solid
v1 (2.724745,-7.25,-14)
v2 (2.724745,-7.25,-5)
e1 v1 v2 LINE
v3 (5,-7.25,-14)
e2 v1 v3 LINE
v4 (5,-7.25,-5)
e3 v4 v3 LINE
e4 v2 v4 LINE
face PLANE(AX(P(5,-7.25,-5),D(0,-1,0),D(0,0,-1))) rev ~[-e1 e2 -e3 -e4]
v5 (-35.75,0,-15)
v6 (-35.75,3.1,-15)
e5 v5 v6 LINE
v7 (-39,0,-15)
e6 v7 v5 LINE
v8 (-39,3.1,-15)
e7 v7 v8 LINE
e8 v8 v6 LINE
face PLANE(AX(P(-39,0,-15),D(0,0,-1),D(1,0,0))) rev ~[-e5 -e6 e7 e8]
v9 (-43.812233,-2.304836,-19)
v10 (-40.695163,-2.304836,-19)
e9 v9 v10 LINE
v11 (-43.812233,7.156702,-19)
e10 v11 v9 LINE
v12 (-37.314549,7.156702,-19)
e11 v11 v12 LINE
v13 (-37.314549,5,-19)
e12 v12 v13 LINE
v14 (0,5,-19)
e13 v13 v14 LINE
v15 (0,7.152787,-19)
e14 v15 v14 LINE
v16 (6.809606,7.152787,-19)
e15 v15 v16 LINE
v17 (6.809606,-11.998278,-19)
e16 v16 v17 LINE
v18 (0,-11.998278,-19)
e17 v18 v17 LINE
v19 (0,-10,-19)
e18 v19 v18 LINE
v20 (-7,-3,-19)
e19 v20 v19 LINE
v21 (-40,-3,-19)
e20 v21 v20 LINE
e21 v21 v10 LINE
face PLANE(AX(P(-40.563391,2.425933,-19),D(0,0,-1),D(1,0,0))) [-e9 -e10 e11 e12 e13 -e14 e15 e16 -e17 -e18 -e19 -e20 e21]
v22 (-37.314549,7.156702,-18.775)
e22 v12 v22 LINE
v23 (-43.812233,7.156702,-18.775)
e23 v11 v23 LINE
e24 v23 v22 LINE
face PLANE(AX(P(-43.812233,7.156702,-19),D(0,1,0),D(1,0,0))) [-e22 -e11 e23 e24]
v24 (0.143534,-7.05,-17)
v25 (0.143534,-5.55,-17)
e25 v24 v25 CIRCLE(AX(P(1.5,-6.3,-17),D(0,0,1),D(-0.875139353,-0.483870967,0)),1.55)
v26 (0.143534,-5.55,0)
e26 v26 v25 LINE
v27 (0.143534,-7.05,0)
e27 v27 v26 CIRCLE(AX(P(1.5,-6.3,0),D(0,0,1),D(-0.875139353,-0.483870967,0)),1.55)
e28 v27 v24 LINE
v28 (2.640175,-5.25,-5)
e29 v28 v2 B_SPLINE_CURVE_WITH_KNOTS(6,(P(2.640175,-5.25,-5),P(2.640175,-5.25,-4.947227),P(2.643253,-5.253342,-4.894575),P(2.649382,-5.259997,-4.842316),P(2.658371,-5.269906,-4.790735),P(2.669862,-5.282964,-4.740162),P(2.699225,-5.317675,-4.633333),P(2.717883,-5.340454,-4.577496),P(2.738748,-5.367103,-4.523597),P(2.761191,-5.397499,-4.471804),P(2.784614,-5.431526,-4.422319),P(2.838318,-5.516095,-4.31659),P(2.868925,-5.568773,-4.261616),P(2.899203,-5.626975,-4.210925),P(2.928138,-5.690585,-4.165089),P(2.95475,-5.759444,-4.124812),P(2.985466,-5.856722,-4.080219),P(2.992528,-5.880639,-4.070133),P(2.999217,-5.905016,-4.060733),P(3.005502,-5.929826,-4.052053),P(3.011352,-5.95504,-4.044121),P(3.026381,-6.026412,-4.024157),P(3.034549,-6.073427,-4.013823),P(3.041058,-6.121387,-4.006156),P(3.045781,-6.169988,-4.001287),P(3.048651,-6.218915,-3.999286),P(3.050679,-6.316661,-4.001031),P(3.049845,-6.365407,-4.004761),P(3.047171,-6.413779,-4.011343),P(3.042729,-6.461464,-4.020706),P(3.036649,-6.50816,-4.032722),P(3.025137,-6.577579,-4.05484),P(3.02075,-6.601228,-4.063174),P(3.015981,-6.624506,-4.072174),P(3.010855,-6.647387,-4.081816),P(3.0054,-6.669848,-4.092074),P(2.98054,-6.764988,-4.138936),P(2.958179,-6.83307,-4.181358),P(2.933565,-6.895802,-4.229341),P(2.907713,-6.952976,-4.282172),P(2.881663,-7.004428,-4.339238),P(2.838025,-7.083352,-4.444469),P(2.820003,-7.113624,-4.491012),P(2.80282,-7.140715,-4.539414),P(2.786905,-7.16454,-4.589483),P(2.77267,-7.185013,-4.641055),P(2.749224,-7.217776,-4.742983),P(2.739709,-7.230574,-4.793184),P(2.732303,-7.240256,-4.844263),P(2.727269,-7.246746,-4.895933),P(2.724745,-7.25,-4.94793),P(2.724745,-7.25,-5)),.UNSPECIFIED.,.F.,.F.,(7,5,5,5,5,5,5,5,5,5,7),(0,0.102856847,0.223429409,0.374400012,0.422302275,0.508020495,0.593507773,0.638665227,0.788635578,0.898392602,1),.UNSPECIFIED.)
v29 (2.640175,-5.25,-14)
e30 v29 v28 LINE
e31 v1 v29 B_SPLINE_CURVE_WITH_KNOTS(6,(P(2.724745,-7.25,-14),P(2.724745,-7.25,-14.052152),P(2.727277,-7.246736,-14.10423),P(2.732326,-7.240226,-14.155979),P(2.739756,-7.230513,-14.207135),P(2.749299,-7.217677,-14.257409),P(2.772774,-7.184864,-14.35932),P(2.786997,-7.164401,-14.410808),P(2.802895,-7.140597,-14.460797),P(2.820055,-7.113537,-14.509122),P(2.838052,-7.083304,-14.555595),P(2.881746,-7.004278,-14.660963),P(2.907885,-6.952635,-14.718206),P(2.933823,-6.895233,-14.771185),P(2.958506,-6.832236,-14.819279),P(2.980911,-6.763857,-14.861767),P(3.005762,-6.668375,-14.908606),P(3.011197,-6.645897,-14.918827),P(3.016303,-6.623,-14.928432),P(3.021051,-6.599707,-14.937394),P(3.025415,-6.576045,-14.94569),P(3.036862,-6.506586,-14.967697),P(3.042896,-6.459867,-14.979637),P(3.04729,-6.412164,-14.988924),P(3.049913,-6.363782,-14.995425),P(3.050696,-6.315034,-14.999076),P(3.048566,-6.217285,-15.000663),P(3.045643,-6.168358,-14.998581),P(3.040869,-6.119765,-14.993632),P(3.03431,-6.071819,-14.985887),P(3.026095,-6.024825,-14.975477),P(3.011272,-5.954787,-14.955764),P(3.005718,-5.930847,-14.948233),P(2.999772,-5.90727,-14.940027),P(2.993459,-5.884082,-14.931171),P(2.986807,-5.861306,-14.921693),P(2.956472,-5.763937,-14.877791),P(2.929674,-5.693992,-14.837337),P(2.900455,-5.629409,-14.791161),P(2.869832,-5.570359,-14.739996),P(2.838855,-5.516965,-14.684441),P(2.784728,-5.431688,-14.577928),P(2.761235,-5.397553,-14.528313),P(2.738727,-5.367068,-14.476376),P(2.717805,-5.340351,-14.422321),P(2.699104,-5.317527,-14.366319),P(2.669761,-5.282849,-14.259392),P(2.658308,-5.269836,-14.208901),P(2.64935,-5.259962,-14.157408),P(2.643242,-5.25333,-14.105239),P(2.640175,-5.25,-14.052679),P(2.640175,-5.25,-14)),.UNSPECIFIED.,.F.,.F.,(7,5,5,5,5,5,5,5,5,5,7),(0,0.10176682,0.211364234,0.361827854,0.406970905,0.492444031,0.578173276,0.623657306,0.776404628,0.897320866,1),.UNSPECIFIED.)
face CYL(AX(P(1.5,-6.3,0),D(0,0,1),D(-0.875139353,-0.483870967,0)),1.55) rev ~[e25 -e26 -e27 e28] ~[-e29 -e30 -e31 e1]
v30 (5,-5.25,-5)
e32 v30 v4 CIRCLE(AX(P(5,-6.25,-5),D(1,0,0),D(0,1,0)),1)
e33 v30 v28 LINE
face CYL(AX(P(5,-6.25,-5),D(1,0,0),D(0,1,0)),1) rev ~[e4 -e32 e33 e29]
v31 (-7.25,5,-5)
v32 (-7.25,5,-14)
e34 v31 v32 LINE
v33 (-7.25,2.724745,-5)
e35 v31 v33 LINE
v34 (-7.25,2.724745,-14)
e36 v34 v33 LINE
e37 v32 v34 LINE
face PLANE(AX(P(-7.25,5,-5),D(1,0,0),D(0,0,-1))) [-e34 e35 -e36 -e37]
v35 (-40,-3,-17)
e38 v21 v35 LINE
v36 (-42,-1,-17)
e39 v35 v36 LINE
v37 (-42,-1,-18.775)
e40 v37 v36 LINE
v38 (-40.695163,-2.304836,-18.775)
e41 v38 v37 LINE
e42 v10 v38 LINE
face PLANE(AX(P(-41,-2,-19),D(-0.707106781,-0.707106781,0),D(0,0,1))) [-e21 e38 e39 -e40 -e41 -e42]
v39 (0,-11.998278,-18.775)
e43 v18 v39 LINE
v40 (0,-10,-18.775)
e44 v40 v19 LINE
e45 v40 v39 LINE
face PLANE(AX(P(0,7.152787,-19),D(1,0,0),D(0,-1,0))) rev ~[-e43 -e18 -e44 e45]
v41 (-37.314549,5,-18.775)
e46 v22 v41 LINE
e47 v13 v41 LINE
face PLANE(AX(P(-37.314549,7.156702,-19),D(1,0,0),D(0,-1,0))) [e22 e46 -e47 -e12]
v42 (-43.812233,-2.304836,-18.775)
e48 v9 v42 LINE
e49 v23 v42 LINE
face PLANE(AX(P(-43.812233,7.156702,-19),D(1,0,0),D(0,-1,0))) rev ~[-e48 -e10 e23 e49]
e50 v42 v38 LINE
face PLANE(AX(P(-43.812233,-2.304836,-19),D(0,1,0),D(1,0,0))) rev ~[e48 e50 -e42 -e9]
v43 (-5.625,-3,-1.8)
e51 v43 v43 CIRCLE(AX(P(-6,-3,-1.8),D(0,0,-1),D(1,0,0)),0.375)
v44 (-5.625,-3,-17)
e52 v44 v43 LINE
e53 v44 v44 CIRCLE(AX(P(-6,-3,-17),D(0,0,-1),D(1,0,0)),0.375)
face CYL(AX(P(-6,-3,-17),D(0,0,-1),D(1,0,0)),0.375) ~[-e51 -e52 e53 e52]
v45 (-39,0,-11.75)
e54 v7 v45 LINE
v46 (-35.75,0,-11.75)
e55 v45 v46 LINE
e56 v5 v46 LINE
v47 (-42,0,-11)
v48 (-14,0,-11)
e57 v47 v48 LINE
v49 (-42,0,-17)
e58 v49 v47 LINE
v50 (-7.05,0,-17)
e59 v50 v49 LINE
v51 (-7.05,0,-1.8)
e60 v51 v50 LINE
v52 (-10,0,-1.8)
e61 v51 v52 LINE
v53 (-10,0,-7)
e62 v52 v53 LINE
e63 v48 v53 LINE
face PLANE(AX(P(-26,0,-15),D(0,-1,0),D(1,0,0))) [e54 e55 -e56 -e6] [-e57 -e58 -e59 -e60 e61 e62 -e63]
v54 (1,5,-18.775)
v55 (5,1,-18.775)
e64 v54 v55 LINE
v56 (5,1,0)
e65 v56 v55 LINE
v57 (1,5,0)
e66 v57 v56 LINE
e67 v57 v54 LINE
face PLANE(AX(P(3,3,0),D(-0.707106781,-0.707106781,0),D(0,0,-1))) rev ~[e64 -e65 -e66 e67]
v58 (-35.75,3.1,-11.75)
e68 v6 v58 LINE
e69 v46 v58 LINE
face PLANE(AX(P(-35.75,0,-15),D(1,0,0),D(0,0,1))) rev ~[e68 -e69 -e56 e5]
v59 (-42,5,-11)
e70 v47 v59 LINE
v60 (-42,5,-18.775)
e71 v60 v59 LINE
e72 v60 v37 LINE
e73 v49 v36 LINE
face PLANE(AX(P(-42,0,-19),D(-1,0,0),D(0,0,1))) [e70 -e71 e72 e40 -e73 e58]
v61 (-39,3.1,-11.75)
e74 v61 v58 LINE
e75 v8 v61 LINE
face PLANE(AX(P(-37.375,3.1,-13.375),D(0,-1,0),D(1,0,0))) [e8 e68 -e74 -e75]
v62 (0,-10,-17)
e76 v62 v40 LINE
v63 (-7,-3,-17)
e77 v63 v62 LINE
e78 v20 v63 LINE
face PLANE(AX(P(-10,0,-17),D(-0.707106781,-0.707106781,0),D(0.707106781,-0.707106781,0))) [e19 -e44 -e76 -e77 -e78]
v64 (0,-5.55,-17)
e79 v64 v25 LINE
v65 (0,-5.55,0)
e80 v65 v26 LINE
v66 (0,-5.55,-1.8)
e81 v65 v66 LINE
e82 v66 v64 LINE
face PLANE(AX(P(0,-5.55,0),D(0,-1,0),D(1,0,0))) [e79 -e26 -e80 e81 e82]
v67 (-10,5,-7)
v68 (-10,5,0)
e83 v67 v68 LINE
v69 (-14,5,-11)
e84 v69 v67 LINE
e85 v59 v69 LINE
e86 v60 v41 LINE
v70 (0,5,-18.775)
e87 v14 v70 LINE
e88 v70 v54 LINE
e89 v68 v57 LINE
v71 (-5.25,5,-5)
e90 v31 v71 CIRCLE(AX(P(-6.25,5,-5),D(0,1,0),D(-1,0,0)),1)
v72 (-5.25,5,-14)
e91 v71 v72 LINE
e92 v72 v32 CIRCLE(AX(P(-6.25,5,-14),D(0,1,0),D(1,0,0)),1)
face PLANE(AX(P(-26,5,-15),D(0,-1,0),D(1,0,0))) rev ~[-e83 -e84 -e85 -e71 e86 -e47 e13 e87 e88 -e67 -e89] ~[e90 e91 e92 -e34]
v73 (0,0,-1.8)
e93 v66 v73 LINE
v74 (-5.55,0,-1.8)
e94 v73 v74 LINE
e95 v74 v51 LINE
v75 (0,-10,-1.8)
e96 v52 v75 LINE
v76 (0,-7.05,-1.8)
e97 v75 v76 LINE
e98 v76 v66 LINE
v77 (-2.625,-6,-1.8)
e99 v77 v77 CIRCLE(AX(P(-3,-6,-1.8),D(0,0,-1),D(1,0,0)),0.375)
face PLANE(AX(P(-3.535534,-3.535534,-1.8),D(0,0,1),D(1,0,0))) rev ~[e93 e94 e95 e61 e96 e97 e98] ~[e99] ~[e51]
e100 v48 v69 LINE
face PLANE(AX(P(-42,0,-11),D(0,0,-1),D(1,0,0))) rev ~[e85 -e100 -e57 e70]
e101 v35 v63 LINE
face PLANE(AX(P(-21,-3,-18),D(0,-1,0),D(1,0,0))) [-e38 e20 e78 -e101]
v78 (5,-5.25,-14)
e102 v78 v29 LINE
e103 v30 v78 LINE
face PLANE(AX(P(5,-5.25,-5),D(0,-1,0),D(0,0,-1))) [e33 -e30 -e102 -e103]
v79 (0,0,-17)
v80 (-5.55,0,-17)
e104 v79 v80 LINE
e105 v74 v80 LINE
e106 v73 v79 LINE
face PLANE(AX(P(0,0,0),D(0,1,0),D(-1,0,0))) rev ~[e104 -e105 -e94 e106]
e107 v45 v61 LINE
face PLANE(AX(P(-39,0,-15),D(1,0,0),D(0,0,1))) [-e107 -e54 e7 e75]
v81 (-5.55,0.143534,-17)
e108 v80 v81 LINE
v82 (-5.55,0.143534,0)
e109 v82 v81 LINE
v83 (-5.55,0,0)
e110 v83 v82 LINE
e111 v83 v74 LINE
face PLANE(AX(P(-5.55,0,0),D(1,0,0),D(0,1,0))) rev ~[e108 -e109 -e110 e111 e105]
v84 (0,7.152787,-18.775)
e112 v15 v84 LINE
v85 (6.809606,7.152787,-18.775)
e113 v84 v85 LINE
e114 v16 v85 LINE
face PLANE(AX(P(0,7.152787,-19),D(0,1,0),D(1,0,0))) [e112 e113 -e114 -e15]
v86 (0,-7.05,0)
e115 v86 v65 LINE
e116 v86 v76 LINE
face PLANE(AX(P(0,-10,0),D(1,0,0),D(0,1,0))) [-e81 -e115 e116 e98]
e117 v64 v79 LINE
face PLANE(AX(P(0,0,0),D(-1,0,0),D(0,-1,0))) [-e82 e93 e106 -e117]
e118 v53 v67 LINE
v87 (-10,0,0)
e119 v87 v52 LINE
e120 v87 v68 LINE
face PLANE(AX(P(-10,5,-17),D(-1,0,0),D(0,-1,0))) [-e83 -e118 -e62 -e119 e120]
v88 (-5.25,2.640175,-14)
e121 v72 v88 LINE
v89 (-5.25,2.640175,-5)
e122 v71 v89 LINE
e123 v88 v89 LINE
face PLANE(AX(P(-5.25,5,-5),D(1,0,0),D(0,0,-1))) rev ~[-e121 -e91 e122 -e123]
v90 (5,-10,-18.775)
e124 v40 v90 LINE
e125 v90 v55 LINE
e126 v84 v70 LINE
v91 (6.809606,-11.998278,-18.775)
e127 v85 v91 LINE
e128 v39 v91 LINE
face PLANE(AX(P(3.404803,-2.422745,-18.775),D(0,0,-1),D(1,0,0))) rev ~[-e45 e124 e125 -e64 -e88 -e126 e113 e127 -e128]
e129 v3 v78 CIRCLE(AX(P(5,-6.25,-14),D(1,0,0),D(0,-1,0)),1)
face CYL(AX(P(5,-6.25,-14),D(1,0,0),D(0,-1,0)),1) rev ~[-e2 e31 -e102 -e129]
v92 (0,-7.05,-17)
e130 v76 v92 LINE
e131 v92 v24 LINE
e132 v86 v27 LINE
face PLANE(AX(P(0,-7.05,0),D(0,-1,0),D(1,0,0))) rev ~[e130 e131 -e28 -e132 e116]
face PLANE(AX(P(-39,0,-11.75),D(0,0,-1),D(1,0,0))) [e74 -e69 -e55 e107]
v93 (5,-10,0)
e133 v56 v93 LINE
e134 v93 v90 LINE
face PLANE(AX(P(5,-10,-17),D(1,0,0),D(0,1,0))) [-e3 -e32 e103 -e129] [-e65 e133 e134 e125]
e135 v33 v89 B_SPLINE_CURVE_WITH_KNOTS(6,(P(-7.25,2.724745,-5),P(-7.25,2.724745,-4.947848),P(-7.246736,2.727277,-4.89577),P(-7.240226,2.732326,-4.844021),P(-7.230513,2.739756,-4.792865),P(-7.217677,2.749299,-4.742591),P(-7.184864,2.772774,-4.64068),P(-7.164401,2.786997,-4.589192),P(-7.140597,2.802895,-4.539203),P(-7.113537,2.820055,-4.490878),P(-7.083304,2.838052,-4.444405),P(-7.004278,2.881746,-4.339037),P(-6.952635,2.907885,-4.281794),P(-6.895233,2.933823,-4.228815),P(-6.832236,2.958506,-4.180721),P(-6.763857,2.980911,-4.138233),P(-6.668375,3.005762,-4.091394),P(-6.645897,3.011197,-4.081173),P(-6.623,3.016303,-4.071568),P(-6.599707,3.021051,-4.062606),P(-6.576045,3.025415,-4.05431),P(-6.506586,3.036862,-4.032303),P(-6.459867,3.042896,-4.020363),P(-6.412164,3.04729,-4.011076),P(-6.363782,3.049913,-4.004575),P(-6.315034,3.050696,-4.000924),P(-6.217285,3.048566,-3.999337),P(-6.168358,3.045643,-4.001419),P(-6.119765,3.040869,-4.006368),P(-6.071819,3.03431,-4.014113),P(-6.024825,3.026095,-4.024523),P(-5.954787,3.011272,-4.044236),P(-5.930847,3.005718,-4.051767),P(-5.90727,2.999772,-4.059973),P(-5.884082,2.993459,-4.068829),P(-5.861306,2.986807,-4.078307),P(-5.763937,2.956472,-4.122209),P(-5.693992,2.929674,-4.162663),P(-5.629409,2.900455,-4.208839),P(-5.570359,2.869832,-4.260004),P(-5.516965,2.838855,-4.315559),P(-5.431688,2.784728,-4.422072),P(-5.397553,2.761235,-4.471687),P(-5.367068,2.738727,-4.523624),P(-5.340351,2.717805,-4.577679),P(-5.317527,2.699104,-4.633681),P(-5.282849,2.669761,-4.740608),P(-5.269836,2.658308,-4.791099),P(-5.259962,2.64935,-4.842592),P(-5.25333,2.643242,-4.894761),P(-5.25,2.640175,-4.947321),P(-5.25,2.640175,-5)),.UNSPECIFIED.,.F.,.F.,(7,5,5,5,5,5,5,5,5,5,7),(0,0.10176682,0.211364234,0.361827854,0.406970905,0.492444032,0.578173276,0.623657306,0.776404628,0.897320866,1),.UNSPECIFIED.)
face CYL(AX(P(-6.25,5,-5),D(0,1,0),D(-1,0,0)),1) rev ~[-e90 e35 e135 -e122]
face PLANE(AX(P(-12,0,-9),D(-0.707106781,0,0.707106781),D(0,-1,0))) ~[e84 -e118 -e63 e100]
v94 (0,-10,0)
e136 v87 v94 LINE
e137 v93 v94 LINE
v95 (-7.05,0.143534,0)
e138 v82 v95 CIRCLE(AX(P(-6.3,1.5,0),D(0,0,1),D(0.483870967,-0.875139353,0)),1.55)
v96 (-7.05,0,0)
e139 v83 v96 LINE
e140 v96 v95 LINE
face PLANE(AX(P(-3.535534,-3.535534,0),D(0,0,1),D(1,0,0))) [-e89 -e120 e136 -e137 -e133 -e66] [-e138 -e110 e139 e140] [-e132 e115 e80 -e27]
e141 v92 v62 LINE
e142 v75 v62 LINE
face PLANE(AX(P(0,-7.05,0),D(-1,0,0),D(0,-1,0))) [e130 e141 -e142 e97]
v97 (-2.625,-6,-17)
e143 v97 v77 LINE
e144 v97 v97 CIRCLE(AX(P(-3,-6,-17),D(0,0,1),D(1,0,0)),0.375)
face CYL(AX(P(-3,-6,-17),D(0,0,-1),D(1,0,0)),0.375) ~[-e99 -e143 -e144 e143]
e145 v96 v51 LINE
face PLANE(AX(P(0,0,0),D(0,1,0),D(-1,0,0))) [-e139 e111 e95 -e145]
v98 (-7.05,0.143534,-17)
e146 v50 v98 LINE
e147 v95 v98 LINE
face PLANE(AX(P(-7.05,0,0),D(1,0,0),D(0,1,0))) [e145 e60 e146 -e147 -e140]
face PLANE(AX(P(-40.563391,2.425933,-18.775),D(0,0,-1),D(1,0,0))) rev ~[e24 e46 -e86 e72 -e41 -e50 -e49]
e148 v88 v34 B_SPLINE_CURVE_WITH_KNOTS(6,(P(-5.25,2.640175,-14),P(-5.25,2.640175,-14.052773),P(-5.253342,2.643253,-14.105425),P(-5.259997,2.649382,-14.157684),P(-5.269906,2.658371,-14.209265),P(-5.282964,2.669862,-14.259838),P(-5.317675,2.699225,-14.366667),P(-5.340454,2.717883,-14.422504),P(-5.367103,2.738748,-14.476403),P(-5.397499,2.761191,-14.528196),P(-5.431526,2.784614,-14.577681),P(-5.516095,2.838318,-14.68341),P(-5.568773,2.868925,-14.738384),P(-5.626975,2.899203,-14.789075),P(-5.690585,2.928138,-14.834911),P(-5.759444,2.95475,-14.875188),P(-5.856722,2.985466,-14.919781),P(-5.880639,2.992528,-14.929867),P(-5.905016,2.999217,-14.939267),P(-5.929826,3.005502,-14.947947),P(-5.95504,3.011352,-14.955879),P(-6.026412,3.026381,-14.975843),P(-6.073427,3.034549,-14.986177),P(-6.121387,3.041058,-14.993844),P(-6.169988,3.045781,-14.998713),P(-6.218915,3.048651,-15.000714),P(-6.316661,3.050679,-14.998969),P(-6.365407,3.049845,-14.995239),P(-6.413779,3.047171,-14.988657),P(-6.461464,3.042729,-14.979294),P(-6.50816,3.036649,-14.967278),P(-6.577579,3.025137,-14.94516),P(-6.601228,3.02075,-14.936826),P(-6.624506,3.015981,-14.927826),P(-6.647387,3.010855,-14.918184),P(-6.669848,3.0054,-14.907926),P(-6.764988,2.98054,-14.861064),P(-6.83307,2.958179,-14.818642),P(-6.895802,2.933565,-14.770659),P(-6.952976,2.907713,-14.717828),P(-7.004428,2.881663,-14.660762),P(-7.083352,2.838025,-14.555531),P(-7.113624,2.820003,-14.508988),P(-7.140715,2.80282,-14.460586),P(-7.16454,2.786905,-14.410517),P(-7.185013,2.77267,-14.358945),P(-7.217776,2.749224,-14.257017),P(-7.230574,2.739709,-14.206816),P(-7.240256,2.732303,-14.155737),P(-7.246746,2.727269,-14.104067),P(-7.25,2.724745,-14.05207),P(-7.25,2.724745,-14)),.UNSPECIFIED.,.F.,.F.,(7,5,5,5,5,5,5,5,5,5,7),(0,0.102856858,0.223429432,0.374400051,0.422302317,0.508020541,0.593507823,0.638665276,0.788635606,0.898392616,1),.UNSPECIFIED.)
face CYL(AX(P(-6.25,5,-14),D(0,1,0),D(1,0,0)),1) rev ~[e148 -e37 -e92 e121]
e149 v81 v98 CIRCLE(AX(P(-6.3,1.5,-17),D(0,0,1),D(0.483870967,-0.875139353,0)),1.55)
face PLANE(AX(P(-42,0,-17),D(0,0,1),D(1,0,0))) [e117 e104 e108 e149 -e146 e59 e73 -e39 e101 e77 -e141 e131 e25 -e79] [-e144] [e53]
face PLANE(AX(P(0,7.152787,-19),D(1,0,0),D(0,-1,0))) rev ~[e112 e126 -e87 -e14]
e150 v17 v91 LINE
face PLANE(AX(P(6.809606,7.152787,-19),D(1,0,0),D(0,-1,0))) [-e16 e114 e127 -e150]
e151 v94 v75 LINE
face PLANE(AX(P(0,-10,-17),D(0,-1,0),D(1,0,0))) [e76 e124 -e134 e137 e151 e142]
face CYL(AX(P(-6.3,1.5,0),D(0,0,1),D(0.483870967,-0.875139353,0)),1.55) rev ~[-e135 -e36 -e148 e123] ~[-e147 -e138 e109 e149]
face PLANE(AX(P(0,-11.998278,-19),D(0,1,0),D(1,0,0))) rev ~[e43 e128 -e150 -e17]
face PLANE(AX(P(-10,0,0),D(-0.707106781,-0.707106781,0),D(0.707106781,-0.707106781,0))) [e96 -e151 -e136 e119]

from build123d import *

# Parameters (mm, degrees)
PAD_DEPTH       = 17
PAD001_DEPTH    = 2
PAD002_DEPTH    = 1.8
SKETCH003_W     = 32
SKETCH003_H     = 8
PAD003_DEPTH    = 5
SKETCH004_W     = 3.25
SKETCH004_H     = 3.25
POCKET_DEPTH    = 3.1
SKETCH005_W     = 6.497684
SKETCH005_H     = 9.461539
SKETCH005_W_2   = 6.809606
SKETCH005_H_2   = 19.151065
PAD004_DEPTH    = 0.225
CHAMFER_SIZE    = 4
SKETCH006_R     = 0.375
PAD005_DEPTH    = 16
POCKET001_DEPTH = 3
POCKET002_DEPTH = 3
SKETCH009_W     = 42
SKETCH009_H     = 2
PAD006_DEPTH    = 3
CHAMFER001_SIZE = 2


with BuildPart() as part:
    # Sketch → Pad (new body)
    with BuildSketch(Plane.XY):
        with BuildLine():
            Line((-10, 0), (-10, 5))
            Line((-10, 5), (5, 5))
            Line((5, 5), (5, -10))
            Line((5, -10), (0, -10))
            Line((0, -7.05), (0, -10))
            Line((0, -7.05), (0.143534, -7.05))
            ThreePointArc((0.143534, -7.05), (3.05, -6.3), (0.143534, -5.55))
            Line((0, -5.55), (0.143534, -5.55))
            Line((0, 0), (0, -5.55))
            Line((0, 0), (-5.55, 0))
            Line((-5.55, 0), (-5.55, 0.143534))
            ThreePointArc((-5.55, 0.143534), (-6.3, 3.05), (-7.05, 0.143534))
            Line((-7.05, 0), (-7.05, 0.143534))
            Line((-10, 0), (-7.05, 0))
        make_face()
    extrude(amount=-PAD_DEPTH)

    # Sketch001 (on Face16 of Pad) → Pad001 (join)
    with BuildSketch(Plane(origin=(0, 0, -17), x_dir=(1, 0, 0), z_dir=(0, 0, -1))):
        Polygon((5, -5), (-10, -5), (-10, 0), (0, 10), (5, 10), align=None)
    extrude(amount=PAD001_DEPTH)

    # Sketch002 (on Face1 of Pad001) → Pad002 (join)
    with BuildSketch(Plane.XY):
        Polygon((0, -10), (0, 0), (-10, 0), align=None)
    extrude(amount=-PAD002_DEPTH)

    # Sketch003 (on Face10 of Pad002) → Pad003 (join)
    with BuildSketch(Plane.XZ):
        with Locations((-26, -15)):
            Rectangle(SKETCH003_W, SKETCH003_H)
    extrude(amount=-PAD003_DEPTH)

    # Sketch004 (on Face22 of Pad003) → Pocket (cut)
    with BuildSketch(Plane.XZ):
        with Locations((-37.375, -13.375)):
            Rectangle(SKETCH004_W, SKETCH004_H)
    extrude(amount=-POCKET_DEPTH, mode=Mode.SUBTRACT)

    # Sketch005 → Pad004 (join)
    with BuildSketch(Plane(origin=(0, 0, -19), x_dir=(1, 0, 0), z_dir=(0, 0, -1))):
        with Locations((-40.563391, -2.425933)):
            Rectangle(SKETCH005_W, SKETCH005_H)
        with Locations((3.404803, 2.422745)):
            Rectangle(SKETCH005_W_2, SKETCH005_H_2)
    extrude(amount=-PAD004_DEPTH)

    # Chamfer
    chamfer_edges = [part.edges().sort_by_distance(p)[0] for p in [
        (-10, 2.5, -11),
        (5, 5, -9.3875),
    ]]
    chamfer(chamfer_edges, length=CHAMFER_SIZE)

    # Sketch006 (on Face29 of Chamfer) → Pad005 (join)
    with BuildSketch(Plane.XY.offset(-17)):
        with Locations((-6, -3)):
            Circle(SKETCH006_R)
        with Locations((-3, -6)):
            Circle(SKETCH006_R)
    extrude(amount=PAD005_DEPTH)

    # Sketch007 (on Face2 of Pad005) → Pocket001 (cut, symmetric)
    with BuildSketch(Plane.YZ.offset(5)):
        with BuildLine():
            ThreePointArc((-5.25, -5), (-6.25, -4), (-7.25, -5))
            Line((-7.25, -5), (-7.25, -14))
            ThreePointArc((-7.25, -14), (-6.25, -15), (-5.25, -14))
            Line((-5.25, -5), (-5.25, -14))
        make_face()
    extrude(amount=POCKET001_DEPTH, both=True, mode=Mode.SUBTRACT)

    # Sketch008 (on Face5 of Pocket001) → Pocket002 (cut)
    with BuildSketch(Plane(origin=(0, 5, 0), x_dir=(-1, 0, 0), z_dir=(0, 1, 0))):
        with BuildLine():
            ThreePointArc((7.25, -5), (6.25, -4), (5.25, -5))
            Line((5.25, -5), (5.25, -14))
            ThreePointArc((5.25, -14), (6.25, -15), (7.25, -14))
            Line((7.25, -5), (7.25, -14))
        make_face()
    extrude(amount=-POCKET002_DEPTH, mode=Mode.SUBTRACT)

    # Sketch009 (on Face35 of Pocket002) → Pad006 (join)
    with BuildSketch(Plane.XZ):
        with Locations((-21, -18)):
            Rectangle(SKETCH009_W, SKETCH009_H)
    extrude(amount=PAD006_DEPTH)

    # Chamfer001
    chamfer001_edges = [part.edges().sort_by_distance(p)[0] for p in [
        (-42, -3, -18),
    ]]
    chamfer(chamfer001_edges, length=CHAMFER001_SIZE)


solid = part.part
